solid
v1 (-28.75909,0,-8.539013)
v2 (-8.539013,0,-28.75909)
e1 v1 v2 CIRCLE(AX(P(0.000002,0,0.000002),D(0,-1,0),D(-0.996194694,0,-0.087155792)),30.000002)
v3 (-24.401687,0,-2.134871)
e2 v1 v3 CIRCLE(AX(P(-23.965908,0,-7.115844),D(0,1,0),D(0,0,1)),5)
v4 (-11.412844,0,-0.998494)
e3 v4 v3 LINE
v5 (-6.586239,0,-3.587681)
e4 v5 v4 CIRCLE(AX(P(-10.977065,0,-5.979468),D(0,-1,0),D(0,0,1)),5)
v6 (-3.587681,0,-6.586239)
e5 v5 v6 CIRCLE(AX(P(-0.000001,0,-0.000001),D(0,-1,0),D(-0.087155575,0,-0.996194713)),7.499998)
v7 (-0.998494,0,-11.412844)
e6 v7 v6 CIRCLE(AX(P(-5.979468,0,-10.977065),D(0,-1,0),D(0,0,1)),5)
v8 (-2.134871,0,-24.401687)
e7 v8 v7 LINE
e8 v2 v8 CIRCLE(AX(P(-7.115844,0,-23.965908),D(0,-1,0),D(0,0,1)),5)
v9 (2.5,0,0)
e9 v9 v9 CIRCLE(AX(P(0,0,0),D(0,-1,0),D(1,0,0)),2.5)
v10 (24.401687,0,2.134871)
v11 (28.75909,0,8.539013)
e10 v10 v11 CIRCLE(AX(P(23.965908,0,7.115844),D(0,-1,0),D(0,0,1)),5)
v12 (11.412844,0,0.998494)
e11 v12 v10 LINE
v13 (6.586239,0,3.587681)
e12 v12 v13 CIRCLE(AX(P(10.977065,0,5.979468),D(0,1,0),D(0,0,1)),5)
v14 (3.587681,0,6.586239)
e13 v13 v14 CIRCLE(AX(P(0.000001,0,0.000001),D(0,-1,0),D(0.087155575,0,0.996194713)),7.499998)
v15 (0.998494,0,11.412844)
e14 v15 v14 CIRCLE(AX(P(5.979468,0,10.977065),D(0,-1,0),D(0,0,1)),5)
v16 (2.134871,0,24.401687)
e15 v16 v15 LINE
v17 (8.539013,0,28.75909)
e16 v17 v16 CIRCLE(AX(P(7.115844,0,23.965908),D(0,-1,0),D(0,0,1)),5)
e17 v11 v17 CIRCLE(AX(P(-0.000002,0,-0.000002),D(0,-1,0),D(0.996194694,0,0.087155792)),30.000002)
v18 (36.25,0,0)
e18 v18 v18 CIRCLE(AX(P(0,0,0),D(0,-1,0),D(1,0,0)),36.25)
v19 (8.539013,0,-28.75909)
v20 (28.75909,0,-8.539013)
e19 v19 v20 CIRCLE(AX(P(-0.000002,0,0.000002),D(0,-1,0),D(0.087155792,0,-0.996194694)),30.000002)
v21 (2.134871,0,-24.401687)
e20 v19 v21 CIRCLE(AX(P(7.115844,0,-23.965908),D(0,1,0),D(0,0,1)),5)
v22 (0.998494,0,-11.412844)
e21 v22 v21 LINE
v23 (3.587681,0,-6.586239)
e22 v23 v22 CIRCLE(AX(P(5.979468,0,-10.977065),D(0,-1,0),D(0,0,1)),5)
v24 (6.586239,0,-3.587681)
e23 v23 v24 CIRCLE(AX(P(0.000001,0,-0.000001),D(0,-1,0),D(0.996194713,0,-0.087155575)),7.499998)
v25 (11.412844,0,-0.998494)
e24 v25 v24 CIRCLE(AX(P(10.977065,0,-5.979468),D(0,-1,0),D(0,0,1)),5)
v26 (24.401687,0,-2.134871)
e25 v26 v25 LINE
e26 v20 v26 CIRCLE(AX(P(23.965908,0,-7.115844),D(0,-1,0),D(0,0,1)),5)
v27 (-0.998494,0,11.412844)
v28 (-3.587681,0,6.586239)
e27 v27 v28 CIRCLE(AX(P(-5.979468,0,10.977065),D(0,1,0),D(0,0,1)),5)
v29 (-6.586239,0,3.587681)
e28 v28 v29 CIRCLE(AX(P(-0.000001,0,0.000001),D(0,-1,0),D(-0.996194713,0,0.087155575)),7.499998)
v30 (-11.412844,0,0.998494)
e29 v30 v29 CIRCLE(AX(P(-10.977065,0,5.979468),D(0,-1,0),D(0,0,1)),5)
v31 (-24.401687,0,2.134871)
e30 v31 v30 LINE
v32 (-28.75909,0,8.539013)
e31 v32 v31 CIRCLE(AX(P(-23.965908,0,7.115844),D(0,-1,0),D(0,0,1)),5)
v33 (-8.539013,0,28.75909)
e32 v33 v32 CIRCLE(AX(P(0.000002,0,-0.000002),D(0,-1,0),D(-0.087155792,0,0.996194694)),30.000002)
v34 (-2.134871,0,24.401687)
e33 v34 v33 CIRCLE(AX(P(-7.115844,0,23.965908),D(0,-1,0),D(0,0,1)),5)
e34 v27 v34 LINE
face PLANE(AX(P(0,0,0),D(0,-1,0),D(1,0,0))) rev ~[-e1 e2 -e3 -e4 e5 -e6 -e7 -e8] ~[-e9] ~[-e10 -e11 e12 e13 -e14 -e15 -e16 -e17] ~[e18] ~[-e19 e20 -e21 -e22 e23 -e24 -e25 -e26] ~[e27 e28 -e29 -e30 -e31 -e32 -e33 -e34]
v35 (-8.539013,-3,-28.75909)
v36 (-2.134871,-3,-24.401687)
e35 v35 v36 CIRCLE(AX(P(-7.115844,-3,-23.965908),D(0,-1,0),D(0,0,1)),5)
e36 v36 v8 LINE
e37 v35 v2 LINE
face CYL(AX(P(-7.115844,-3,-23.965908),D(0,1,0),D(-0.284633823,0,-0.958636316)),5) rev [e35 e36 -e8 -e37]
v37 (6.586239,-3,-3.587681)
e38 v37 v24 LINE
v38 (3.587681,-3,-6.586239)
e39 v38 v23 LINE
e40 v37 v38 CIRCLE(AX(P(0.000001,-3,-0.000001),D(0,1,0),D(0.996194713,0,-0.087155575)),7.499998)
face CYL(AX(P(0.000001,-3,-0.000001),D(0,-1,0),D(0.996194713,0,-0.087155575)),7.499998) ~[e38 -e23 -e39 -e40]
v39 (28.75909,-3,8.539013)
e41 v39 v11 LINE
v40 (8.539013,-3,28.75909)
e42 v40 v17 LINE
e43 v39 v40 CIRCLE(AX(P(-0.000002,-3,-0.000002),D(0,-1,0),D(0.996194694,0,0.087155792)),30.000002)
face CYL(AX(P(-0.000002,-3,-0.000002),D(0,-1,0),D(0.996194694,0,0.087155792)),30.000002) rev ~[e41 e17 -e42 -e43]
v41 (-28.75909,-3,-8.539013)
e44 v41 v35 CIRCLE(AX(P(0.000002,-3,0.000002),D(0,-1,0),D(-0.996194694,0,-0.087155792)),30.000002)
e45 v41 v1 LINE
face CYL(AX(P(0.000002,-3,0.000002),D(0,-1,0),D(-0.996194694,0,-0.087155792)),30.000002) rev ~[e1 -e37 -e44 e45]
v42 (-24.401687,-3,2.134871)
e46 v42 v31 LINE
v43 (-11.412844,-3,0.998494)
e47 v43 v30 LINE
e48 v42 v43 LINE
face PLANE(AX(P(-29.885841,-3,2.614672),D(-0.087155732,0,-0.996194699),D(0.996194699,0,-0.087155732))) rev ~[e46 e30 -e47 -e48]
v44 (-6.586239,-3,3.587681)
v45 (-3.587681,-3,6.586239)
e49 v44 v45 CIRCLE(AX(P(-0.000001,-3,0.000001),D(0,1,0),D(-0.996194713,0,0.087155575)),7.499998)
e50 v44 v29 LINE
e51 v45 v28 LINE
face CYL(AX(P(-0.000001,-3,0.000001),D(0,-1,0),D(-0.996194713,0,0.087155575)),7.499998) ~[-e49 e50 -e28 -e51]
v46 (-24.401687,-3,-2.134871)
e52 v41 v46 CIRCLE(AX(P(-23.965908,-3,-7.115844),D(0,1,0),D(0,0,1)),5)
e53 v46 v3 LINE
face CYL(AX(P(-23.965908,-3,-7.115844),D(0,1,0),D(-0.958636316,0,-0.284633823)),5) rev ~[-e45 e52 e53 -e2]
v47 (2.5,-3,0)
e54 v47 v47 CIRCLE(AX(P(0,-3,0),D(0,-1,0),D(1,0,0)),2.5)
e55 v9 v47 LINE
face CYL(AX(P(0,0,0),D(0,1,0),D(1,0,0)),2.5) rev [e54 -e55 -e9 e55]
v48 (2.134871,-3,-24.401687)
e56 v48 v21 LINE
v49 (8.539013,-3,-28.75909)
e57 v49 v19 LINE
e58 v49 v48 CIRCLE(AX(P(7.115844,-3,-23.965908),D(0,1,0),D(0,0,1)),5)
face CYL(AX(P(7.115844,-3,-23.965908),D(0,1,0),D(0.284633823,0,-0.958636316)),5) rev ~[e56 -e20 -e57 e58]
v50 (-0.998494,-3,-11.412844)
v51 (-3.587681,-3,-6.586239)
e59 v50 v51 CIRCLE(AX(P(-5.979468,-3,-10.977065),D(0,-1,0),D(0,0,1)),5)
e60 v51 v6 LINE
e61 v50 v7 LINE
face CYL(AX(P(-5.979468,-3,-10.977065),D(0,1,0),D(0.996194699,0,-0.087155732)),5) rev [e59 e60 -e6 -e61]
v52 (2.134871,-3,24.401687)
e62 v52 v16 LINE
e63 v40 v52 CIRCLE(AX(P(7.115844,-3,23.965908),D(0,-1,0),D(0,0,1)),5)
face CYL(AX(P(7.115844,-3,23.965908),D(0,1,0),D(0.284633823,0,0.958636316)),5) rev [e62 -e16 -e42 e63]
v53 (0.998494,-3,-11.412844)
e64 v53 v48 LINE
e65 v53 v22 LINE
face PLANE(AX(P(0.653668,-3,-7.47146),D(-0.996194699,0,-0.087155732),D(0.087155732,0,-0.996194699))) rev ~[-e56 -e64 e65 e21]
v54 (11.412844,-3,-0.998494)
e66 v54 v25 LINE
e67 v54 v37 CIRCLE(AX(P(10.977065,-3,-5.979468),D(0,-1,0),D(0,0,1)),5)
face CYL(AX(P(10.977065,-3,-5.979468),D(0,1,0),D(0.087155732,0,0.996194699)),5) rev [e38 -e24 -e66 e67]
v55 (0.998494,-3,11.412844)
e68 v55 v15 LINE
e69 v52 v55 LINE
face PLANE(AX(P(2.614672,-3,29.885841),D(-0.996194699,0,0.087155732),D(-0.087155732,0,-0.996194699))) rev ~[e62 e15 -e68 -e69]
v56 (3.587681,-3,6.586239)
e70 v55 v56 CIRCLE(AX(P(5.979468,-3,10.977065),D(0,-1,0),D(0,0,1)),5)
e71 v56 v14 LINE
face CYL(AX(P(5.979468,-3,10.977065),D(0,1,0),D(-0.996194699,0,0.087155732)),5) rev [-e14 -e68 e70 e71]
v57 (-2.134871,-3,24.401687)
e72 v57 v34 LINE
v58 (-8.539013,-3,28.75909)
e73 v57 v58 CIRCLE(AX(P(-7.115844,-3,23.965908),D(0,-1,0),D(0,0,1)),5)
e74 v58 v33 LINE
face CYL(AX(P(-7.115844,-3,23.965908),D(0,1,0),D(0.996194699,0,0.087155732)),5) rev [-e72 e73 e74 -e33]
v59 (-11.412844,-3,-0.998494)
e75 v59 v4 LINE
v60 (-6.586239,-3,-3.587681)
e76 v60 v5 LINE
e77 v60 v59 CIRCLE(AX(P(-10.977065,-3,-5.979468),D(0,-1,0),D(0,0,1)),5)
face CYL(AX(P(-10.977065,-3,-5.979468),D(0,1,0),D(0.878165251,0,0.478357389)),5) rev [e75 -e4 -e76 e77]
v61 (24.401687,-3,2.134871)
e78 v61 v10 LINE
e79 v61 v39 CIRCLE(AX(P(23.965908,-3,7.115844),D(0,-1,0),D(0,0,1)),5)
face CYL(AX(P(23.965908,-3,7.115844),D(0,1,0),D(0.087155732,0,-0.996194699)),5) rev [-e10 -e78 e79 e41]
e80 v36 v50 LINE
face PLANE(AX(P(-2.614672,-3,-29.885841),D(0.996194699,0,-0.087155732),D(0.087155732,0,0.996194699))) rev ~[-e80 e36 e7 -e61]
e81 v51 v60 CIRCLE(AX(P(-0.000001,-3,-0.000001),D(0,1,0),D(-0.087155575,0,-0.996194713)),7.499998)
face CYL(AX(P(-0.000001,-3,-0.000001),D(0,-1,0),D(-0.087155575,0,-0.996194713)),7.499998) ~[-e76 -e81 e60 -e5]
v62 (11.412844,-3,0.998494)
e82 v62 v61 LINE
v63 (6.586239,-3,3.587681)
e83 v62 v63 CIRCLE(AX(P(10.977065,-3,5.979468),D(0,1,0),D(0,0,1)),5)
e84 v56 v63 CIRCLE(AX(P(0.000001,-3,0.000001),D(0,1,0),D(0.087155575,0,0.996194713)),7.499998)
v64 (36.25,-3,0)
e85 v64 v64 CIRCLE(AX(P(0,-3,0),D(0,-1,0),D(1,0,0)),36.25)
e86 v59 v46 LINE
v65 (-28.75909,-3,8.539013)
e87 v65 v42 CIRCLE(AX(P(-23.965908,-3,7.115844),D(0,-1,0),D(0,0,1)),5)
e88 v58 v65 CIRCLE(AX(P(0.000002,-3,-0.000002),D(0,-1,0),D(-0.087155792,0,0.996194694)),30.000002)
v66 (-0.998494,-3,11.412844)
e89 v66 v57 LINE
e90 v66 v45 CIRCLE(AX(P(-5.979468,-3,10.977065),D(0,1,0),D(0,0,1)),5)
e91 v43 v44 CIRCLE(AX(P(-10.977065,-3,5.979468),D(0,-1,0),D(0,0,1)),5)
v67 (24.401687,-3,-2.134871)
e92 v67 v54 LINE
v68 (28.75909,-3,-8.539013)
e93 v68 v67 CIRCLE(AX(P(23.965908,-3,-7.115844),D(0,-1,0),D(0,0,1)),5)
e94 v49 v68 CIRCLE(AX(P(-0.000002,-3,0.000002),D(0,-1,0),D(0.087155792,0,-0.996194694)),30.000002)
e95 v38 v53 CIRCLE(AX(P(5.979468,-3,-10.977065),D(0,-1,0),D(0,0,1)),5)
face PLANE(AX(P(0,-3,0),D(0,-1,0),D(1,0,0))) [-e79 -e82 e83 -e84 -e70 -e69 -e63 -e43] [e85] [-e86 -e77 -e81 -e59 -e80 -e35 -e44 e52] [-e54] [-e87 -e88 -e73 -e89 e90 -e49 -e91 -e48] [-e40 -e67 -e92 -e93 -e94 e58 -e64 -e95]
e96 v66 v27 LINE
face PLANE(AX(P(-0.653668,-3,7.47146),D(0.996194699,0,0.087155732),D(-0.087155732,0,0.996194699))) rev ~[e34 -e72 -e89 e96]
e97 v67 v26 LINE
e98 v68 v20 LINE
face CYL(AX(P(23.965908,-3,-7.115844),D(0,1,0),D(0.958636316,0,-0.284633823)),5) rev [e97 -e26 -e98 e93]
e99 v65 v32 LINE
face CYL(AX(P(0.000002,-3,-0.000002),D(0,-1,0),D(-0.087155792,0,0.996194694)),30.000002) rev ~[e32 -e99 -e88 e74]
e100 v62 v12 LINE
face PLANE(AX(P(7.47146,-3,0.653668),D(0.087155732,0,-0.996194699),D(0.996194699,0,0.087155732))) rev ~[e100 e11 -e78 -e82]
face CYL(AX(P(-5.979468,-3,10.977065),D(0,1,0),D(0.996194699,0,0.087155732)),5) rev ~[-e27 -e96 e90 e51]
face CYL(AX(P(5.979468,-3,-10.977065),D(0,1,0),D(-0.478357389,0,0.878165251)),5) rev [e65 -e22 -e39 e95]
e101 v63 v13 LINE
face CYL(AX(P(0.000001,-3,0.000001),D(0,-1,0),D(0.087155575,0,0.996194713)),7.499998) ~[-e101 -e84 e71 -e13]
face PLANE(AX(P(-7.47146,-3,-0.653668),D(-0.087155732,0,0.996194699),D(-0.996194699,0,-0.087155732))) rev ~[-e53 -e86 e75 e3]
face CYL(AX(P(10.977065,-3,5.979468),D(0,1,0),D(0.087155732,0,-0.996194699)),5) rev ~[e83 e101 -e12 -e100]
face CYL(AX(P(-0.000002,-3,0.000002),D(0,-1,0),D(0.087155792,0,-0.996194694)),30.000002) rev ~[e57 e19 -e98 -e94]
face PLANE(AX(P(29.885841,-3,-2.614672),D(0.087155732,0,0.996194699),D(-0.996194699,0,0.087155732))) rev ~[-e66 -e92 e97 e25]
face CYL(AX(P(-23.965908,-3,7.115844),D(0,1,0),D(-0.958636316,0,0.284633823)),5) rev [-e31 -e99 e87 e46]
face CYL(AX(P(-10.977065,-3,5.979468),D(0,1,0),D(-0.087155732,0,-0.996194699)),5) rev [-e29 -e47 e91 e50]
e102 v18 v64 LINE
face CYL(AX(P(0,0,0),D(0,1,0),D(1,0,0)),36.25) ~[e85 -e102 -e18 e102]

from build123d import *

# Parameters (mm, degrees)
F0_R     = 36.25
F0_R_2   = 2.5
F1_DEPTH = 3
F3_DEPTH = 25
F4_R     = 5


with BuildPart() as f1:
    # F0 (on Front) → F1 (new body)
    with BuildSketch(Plane.XZ):
        Circle(F0_R)
        Circle(F0_R_2, mode=Mode.SUBTRACT)
    extrude(amount=F1_DEPTH)

    # F2 (on face) → F3 (cut)
    with BuildSketch(Plane.XZ.offset(3)):
        with BuildLine():
            ThreePointArc((-29.885841, -2.614672), (-21.213203, -21.213203), (-2.614672, -29.885841))
            Line((-2.614672, -29.885841), (-0.653668, -7.47146))
            ThreePointArc((-0.653668, -7.47146), (-5.303301, -5.303301), (-7.47146, -0.653668))
            Line((-7.47146, -0.653668), (-29.885841, -2.614672))
        make_face()
        with BuildLine():
            Line((-0.653668, 7.47146), (-2.614672, 29.885841))
            ThreePointArc((-2.614672, 29.885841), (-21.213203, 21.213203), (-29.885841, 2.614672))
            Line((-29.885841, 2.614672), (-7.47146, 0.653668))
            ThreePointArc((-7.47146, 0.653668), (-5.303301, 5.303301), (-0.653668, 7.47146))
        make_face()
        with BuildLine():
            Line((7.47146, 0.653668), (29.885841, 2.614672))
            ThreePointArc((29.885841, 2.614672), (21.213203, 21.213203), (2.614672, 29.885841))
            Line((2.614672, 29.885841), (0.653668, 7.47146))
            ThreePointArc((0.653668, 7.47146), (5.303301, 5.303301), (7.47146, 0.653668))
        make_face()
        with BuildLine():
            ThreePointArc((2.614672, -29.885841), (21.213203, -21.213203), (29.885841, -2.614672))
            Line((29.885841, -2.614672), (7.47146, -0.653668))
            ThreePointArc((7.47146, -0.653668), (5.303301, -5.303301), (0.653668, -7.47146))
            Line((0.653668, -7.47146), (2.614672, -29.885841))
        make_face()
    extrude(amount=-F3_DEPTH, mode=Mode.SUBTRACT)

    # F4
    f4_edges = [f1.edges().sort_by_distance(p)[0] for p in [
        (-0.653668, -1.5, 7.47146),
        (-7.47146, -1.5, 0.653668),
        (7.47146, -1.5, -0.653668),
        (0.653668, -1.5, -7.47146),
        (-7.47146, -1.5, -0.653668),
        (-0.653668, -1.5, -7.47146),
        (0.653668, -1.5, 7.47146),
        (7.47146, -1.5, 0.653668),
        (2.614672, -1.5, 29.885841),
        (-29.885841, -1.5, -2.614672),
        (29.885841, -1.5, -2.614672),
        (-2.614672, -1.5, -29.885841),
        (29.885841, -1.5, 2.614672),
        (-29.885841, -1.5, 2.614672),
        (2.614672, -1.5, -29.885841),
        (-2.614672, -1.5, 29.885841),
    ]]
    fillet(f4_edges, radius=F4_R)


solid = f1.part
